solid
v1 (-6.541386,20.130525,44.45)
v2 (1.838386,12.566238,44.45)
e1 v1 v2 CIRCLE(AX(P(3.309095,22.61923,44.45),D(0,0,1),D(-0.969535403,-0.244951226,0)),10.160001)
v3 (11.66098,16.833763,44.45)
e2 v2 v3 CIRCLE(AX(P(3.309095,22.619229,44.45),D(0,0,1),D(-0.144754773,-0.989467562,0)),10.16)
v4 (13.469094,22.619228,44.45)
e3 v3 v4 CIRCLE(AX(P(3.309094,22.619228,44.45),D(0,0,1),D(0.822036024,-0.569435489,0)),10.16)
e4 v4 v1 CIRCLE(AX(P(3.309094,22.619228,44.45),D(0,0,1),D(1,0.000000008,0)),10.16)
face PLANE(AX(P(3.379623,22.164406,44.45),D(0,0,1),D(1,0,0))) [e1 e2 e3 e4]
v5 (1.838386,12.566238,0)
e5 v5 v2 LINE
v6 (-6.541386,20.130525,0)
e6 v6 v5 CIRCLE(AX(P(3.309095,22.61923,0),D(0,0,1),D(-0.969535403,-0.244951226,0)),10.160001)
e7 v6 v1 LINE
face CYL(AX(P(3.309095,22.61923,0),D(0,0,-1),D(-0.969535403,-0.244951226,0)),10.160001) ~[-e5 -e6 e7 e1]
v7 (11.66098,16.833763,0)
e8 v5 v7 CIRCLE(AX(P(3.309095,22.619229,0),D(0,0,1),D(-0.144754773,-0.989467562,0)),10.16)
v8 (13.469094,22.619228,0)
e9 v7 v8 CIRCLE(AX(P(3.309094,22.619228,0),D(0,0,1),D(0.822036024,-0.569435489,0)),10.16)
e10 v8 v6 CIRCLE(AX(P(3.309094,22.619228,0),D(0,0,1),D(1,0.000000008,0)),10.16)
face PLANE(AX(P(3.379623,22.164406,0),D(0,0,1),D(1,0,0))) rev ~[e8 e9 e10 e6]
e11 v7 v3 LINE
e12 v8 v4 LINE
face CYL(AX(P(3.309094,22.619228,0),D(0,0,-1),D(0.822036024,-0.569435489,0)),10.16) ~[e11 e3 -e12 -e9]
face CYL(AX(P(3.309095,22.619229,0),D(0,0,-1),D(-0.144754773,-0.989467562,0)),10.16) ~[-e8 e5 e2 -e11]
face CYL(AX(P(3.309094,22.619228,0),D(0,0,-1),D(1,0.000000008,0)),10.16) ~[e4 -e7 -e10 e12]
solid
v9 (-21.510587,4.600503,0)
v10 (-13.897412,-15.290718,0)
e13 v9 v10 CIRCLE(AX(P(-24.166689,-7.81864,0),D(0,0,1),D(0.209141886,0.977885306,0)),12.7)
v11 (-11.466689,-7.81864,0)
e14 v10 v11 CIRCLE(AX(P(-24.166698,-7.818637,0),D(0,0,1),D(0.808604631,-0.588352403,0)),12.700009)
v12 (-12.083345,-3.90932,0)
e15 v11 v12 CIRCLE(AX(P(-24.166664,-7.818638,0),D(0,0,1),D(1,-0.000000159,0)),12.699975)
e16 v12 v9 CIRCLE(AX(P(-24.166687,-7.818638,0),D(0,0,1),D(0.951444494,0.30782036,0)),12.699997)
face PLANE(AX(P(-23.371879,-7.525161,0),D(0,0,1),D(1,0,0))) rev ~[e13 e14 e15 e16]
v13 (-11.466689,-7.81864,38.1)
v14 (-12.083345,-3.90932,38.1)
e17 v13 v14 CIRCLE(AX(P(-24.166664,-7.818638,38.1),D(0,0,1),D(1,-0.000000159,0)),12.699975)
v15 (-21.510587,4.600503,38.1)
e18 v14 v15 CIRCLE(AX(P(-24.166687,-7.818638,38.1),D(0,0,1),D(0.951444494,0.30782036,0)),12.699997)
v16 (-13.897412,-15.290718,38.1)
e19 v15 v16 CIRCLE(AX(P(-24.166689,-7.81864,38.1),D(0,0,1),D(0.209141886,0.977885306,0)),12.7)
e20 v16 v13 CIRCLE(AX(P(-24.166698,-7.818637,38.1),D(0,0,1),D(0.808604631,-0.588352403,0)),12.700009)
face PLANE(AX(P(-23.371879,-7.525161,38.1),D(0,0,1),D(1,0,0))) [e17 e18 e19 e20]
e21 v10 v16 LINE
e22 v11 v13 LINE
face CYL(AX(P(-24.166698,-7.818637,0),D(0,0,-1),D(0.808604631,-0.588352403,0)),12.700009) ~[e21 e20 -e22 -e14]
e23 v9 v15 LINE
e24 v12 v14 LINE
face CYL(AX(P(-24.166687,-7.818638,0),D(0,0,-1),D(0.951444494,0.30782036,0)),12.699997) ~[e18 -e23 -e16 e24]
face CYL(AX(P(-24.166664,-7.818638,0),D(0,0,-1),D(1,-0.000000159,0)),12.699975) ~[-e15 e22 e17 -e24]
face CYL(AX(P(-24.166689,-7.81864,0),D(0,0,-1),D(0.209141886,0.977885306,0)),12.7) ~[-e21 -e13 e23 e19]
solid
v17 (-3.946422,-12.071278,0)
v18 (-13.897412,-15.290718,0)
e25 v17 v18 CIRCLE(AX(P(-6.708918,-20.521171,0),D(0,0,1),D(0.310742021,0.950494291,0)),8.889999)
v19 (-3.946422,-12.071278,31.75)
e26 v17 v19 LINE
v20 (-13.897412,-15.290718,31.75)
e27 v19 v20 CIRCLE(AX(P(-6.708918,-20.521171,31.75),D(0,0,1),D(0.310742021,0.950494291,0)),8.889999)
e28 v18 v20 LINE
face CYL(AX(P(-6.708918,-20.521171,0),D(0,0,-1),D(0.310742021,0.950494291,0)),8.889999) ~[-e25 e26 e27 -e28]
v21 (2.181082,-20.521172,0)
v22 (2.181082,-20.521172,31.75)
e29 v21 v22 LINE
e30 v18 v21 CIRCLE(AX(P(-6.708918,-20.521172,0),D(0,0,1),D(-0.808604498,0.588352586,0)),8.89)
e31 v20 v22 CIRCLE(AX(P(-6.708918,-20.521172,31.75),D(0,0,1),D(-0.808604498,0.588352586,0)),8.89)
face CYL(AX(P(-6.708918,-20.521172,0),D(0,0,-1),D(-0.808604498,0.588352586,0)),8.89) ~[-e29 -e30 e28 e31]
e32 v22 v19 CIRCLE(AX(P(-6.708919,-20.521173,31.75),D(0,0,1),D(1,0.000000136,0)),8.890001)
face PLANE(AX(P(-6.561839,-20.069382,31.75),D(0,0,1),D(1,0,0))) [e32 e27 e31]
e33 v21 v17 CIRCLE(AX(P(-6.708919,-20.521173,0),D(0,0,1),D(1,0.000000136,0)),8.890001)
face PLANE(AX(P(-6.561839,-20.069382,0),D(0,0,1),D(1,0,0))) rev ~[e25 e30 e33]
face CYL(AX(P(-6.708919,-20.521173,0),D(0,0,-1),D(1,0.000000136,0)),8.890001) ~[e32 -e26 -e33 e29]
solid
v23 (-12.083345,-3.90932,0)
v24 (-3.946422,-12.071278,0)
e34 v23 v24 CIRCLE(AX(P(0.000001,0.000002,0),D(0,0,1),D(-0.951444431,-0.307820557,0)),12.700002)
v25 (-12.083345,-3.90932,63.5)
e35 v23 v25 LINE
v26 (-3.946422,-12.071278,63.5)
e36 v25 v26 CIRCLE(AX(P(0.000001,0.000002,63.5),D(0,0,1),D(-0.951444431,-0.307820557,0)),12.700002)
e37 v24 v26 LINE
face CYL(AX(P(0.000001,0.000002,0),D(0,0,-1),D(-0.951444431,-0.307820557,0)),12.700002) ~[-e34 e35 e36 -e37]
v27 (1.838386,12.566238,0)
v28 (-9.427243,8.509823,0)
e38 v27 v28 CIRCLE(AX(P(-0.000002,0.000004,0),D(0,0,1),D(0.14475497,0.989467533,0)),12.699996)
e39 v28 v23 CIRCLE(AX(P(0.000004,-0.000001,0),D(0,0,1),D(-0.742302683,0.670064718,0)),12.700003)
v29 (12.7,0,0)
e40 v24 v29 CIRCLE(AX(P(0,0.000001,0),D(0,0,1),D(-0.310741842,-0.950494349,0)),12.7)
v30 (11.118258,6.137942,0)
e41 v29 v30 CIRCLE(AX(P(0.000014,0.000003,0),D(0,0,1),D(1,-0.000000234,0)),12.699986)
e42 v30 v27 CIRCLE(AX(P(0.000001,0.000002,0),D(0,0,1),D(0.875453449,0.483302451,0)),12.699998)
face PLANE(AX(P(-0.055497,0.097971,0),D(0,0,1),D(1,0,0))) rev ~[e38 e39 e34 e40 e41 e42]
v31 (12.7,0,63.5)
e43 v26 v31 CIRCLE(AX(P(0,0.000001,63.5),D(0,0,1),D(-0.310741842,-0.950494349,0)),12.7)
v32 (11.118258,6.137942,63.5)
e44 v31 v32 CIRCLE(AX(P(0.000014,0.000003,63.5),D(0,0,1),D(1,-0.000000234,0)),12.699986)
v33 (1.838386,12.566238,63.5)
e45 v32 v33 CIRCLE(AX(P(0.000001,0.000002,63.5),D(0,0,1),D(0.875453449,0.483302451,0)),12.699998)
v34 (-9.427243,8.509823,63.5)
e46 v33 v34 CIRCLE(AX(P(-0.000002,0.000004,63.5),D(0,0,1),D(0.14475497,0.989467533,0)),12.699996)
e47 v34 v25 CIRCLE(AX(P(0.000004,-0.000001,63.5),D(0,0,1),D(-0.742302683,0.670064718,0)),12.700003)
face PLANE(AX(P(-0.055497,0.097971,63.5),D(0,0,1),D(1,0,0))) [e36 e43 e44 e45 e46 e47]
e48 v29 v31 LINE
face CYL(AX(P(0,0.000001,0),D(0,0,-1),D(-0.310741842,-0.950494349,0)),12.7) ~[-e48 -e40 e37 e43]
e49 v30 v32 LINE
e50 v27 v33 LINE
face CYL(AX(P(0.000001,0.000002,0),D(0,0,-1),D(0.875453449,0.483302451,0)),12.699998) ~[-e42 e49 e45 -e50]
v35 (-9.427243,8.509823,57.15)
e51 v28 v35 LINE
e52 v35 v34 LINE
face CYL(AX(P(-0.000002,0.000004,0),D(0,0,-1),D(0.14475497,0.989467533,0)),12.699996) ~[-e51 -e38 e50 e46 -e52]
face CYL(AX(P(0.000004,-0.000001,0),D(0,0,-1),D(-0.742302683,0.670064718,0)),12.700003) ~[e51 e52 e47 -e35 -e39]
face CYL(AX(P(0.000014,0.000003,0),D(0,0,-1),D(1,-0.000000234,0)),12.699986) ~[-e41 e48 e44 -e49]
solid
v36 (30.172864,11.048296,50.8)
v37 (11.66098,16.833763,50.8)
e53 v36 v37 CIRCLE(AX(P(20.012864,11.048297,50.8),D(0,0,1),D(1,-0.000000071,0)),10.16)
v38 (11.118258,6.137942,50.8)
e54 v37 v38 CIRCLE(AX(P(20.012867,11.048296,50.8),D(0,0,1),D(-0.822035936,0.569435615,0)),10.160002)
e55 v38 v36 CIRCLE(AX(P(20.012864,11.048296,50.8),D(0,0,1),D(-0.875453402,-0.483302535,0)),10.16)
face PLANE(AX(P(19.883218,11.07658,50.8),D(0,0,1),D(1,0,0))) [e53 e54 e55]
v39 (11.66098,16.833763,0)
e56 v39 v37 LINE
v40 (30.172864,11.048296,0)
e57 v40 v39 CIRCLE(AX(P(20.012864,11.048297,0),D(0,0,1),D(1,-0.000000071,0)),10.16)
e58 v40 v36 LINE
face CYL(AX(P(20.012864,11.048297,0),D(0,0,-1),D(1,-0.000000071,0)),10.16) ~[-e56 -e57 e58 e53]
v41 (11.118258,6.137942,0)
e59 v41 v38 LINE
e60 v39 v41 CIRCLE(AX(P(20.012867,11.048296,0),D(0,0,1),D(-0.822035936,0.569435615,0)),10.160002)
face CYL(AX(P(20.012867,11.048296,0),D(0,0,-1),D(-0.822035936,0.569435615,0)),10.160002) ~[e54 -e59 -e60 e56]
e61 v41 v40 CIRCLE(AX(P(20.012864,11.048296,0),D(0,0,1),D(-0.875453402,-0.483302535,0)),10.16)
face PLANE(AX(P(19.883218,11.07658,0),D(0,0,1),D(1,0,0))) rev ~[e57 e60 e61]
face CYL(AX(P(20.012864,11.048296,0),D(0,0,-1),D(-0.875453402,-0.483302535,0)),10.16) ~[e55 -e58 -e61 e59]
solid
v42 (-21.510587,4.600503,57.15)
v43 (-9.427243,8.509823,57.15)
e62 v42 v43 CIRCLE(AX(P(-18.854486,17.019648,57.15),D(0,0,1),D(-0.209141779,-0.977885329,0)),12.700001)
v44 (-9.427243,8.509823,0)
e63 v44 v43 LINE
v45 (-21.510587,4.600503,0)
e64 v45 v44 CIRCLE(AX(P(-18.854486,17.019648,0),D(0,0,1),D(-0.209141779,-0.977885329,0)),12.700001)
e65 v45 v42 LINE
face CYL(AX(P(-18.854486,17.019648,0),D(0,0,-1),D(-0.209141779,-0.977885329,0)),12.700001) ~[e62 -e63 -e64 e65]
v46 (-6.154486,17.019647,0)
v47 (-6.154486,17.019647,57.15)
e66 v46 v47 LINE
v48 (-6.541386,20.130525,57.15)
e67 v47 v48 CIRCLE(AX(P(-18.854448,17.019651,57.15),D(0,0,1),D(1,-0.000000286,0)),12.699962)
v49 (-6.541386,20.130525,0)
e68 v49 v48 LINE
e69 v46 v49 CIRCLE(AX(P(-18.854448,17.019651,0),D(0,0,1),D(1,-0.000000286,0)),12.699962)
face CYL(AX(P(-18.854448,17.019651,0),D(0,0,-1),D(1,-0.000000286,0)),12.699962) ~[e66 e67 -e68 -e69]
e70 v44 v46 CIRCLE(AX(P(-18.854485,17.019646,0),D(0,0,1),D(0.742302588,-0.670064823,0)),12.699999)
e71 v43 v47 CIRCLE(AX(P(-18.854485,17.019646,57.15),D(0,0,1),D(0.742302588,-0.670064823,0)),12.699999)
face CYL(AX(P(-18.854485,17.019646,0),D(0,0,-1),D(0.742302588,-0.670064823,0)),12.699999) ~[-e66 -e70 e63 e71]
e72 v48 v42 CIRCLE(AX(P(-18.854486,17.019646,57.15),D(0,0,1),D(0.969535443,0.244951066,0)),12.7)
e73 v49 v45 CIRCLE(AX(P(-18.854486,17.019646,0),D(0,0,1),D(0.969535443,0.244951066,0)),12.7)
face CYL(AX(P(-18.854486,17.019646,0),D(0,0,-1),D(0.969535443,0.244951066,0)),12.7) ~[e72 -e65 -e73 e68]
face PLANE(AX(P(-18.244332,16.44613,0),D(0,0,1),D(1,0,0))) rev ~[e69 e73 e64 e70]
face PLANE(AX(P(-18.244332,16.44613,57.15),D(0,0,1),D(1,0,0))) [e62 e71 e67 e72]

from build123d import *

# Parameters (mm, degrees)
F1_DEPTH = 63.5
F2_DEPTH = 57.15
F3_DEPTH = 38.1
F4_DEPTH = 44.45
F5_DEPTH = 50.8
F6_DEPTH = 31.75


with BuildPart() as f1:
    # F0 (on Top) → F1 (new body)
    with BuildSketch(Plane.XY):
        with BuildLine():
            ThreePointArc((-3.946422, -12.071278), (7.455549, -10.281283), (12.7, 0))
            ThreePointArc((12.7, 0), (12.298209, 3.169237), (11.118258, 6.137942))
            ThreePointArc((11.118258, 6.137942), (7.231833, 10.439856), (1.838386, 12.566238))
            ThreePointArc((1.838386, 12.566238), (-4.302478, 11.949004), (-9.427243, 8.509823))
            ThreePointArc((-9.427243, 8.509823), (-12.419143, 2.656102), (-12.083345, -3.90932))
            ThreePointArc((-12.083345, -3.90932), (-8.994039, -8.966452), (-3.946422, -12.071278))
        make_face()
    extrude(amount=F1_DEPTH)

    # F0 (on Top) → F2 (join)
    with BuildSketch(Plane.XY):
        with BuildLine():
            ThreePointArc((-21.510587, 4.600503), (-14.945166, 4.936302), (-9.427243, 8.509823))
            ThreePointArc((-9.427243, 8.509823), (-7.000879, 12.460918), (-6.154486, 17.019647))
            ThreePointArc((-6.154486, 17.019647), (-6.251582, 18.58707), (-6.541386, 20.130525))
            ThreePointArc((-6.541386, 20.130525), (-27.998325, 25.833284), (-21.510587, 4.600503))
        make_face()
    extrude(amount=F2_DEPTH)


with BuildPart() as f3:
    # F0 (on Top) → F3 (new body)
    with BuildSketch(Plane.XY):
        with BuildLine():
            ThreePointArc((-11.466689, -7.81864), (-11.6218, -5.839812), (-12.083345, -3.90932))
            ThreePointArc((-12.083345, -3.90932), (-15.656866, 1.608603), (-21.510587, 4.600503))
            ThreePointArc((-21.510587, 4.600503), (-36.027613, -12.358296), (-13.897412, -15.290718))
            ThreePointArc((-13.897412, -15.290718), (-12.089649, -11.747392), (-11.466689, -7.81864))
        make_face()
    extrude(amount=F3_DEPTH)


with BuildPart() as f4:
    # F0 (on Top) → F4 (new body)
    with BuildSketch(Plane.XY):
        with BuildLine():
            ThreePointArc((-6.541386, 20.130525), (-3.498764, 15.077434), (1.838386, 12.566238))
            ThreePointArc((1.838386, 12.566238), (7.357624, 13.300698), (11.66098, 16.833763))
            ThreePointArc((11.66098, 16.833763), (13.006536, 19.588515), (13.469094, 22.619228))
            ThreePointArc((13.469094, 22.619228), (2.055156, 32.701551), (-6.541386, 20.130525))
        make_face()
    extrude(amount=F4_DEPTH)


with BuildPart() as f5:
    # F0 (on Top) → F5 (new body)
    with BuildSketch(Plane.XY):
        with BuildLine():
            ThreePointArc((11.66098, 16.833763), (9.865919, 11.563167), (11.118258, 6.137942))
            ThreePointArc((11.118258, 6.137942), (22.548254, 1.209729), (30.172864, 11.048296))
            ThreePointArc((30.172864, 11.048296), (23.043578, 20.745738), (11.66098, 16.833763))
        make_face()
    extrude(amount=F5_DEPTH)


with BuildPart() as f6:
    # F0 (on Top) → F6 (new body)
    with BuildSketch(Plane.XY):
        with BuildLine():
            ThreePointArc((2.181082, -20.521172), (0.48798, -15.302288), (-3.946422, -12.071278))
            ThreePointArc((-3.946422, -12.071278), (-9.445442, -12.062831), (-13.897412, -15.290718))
            ThreePointArc((-13.897412, -15.290718), (-9.459044, -28.975101), (2.181082, -20.521172))
        make_face()
    extrude(amount=F6_DEPTH)


solid = Compound([f1.part, f3.part, f4.part, f5.part, f6.part])
